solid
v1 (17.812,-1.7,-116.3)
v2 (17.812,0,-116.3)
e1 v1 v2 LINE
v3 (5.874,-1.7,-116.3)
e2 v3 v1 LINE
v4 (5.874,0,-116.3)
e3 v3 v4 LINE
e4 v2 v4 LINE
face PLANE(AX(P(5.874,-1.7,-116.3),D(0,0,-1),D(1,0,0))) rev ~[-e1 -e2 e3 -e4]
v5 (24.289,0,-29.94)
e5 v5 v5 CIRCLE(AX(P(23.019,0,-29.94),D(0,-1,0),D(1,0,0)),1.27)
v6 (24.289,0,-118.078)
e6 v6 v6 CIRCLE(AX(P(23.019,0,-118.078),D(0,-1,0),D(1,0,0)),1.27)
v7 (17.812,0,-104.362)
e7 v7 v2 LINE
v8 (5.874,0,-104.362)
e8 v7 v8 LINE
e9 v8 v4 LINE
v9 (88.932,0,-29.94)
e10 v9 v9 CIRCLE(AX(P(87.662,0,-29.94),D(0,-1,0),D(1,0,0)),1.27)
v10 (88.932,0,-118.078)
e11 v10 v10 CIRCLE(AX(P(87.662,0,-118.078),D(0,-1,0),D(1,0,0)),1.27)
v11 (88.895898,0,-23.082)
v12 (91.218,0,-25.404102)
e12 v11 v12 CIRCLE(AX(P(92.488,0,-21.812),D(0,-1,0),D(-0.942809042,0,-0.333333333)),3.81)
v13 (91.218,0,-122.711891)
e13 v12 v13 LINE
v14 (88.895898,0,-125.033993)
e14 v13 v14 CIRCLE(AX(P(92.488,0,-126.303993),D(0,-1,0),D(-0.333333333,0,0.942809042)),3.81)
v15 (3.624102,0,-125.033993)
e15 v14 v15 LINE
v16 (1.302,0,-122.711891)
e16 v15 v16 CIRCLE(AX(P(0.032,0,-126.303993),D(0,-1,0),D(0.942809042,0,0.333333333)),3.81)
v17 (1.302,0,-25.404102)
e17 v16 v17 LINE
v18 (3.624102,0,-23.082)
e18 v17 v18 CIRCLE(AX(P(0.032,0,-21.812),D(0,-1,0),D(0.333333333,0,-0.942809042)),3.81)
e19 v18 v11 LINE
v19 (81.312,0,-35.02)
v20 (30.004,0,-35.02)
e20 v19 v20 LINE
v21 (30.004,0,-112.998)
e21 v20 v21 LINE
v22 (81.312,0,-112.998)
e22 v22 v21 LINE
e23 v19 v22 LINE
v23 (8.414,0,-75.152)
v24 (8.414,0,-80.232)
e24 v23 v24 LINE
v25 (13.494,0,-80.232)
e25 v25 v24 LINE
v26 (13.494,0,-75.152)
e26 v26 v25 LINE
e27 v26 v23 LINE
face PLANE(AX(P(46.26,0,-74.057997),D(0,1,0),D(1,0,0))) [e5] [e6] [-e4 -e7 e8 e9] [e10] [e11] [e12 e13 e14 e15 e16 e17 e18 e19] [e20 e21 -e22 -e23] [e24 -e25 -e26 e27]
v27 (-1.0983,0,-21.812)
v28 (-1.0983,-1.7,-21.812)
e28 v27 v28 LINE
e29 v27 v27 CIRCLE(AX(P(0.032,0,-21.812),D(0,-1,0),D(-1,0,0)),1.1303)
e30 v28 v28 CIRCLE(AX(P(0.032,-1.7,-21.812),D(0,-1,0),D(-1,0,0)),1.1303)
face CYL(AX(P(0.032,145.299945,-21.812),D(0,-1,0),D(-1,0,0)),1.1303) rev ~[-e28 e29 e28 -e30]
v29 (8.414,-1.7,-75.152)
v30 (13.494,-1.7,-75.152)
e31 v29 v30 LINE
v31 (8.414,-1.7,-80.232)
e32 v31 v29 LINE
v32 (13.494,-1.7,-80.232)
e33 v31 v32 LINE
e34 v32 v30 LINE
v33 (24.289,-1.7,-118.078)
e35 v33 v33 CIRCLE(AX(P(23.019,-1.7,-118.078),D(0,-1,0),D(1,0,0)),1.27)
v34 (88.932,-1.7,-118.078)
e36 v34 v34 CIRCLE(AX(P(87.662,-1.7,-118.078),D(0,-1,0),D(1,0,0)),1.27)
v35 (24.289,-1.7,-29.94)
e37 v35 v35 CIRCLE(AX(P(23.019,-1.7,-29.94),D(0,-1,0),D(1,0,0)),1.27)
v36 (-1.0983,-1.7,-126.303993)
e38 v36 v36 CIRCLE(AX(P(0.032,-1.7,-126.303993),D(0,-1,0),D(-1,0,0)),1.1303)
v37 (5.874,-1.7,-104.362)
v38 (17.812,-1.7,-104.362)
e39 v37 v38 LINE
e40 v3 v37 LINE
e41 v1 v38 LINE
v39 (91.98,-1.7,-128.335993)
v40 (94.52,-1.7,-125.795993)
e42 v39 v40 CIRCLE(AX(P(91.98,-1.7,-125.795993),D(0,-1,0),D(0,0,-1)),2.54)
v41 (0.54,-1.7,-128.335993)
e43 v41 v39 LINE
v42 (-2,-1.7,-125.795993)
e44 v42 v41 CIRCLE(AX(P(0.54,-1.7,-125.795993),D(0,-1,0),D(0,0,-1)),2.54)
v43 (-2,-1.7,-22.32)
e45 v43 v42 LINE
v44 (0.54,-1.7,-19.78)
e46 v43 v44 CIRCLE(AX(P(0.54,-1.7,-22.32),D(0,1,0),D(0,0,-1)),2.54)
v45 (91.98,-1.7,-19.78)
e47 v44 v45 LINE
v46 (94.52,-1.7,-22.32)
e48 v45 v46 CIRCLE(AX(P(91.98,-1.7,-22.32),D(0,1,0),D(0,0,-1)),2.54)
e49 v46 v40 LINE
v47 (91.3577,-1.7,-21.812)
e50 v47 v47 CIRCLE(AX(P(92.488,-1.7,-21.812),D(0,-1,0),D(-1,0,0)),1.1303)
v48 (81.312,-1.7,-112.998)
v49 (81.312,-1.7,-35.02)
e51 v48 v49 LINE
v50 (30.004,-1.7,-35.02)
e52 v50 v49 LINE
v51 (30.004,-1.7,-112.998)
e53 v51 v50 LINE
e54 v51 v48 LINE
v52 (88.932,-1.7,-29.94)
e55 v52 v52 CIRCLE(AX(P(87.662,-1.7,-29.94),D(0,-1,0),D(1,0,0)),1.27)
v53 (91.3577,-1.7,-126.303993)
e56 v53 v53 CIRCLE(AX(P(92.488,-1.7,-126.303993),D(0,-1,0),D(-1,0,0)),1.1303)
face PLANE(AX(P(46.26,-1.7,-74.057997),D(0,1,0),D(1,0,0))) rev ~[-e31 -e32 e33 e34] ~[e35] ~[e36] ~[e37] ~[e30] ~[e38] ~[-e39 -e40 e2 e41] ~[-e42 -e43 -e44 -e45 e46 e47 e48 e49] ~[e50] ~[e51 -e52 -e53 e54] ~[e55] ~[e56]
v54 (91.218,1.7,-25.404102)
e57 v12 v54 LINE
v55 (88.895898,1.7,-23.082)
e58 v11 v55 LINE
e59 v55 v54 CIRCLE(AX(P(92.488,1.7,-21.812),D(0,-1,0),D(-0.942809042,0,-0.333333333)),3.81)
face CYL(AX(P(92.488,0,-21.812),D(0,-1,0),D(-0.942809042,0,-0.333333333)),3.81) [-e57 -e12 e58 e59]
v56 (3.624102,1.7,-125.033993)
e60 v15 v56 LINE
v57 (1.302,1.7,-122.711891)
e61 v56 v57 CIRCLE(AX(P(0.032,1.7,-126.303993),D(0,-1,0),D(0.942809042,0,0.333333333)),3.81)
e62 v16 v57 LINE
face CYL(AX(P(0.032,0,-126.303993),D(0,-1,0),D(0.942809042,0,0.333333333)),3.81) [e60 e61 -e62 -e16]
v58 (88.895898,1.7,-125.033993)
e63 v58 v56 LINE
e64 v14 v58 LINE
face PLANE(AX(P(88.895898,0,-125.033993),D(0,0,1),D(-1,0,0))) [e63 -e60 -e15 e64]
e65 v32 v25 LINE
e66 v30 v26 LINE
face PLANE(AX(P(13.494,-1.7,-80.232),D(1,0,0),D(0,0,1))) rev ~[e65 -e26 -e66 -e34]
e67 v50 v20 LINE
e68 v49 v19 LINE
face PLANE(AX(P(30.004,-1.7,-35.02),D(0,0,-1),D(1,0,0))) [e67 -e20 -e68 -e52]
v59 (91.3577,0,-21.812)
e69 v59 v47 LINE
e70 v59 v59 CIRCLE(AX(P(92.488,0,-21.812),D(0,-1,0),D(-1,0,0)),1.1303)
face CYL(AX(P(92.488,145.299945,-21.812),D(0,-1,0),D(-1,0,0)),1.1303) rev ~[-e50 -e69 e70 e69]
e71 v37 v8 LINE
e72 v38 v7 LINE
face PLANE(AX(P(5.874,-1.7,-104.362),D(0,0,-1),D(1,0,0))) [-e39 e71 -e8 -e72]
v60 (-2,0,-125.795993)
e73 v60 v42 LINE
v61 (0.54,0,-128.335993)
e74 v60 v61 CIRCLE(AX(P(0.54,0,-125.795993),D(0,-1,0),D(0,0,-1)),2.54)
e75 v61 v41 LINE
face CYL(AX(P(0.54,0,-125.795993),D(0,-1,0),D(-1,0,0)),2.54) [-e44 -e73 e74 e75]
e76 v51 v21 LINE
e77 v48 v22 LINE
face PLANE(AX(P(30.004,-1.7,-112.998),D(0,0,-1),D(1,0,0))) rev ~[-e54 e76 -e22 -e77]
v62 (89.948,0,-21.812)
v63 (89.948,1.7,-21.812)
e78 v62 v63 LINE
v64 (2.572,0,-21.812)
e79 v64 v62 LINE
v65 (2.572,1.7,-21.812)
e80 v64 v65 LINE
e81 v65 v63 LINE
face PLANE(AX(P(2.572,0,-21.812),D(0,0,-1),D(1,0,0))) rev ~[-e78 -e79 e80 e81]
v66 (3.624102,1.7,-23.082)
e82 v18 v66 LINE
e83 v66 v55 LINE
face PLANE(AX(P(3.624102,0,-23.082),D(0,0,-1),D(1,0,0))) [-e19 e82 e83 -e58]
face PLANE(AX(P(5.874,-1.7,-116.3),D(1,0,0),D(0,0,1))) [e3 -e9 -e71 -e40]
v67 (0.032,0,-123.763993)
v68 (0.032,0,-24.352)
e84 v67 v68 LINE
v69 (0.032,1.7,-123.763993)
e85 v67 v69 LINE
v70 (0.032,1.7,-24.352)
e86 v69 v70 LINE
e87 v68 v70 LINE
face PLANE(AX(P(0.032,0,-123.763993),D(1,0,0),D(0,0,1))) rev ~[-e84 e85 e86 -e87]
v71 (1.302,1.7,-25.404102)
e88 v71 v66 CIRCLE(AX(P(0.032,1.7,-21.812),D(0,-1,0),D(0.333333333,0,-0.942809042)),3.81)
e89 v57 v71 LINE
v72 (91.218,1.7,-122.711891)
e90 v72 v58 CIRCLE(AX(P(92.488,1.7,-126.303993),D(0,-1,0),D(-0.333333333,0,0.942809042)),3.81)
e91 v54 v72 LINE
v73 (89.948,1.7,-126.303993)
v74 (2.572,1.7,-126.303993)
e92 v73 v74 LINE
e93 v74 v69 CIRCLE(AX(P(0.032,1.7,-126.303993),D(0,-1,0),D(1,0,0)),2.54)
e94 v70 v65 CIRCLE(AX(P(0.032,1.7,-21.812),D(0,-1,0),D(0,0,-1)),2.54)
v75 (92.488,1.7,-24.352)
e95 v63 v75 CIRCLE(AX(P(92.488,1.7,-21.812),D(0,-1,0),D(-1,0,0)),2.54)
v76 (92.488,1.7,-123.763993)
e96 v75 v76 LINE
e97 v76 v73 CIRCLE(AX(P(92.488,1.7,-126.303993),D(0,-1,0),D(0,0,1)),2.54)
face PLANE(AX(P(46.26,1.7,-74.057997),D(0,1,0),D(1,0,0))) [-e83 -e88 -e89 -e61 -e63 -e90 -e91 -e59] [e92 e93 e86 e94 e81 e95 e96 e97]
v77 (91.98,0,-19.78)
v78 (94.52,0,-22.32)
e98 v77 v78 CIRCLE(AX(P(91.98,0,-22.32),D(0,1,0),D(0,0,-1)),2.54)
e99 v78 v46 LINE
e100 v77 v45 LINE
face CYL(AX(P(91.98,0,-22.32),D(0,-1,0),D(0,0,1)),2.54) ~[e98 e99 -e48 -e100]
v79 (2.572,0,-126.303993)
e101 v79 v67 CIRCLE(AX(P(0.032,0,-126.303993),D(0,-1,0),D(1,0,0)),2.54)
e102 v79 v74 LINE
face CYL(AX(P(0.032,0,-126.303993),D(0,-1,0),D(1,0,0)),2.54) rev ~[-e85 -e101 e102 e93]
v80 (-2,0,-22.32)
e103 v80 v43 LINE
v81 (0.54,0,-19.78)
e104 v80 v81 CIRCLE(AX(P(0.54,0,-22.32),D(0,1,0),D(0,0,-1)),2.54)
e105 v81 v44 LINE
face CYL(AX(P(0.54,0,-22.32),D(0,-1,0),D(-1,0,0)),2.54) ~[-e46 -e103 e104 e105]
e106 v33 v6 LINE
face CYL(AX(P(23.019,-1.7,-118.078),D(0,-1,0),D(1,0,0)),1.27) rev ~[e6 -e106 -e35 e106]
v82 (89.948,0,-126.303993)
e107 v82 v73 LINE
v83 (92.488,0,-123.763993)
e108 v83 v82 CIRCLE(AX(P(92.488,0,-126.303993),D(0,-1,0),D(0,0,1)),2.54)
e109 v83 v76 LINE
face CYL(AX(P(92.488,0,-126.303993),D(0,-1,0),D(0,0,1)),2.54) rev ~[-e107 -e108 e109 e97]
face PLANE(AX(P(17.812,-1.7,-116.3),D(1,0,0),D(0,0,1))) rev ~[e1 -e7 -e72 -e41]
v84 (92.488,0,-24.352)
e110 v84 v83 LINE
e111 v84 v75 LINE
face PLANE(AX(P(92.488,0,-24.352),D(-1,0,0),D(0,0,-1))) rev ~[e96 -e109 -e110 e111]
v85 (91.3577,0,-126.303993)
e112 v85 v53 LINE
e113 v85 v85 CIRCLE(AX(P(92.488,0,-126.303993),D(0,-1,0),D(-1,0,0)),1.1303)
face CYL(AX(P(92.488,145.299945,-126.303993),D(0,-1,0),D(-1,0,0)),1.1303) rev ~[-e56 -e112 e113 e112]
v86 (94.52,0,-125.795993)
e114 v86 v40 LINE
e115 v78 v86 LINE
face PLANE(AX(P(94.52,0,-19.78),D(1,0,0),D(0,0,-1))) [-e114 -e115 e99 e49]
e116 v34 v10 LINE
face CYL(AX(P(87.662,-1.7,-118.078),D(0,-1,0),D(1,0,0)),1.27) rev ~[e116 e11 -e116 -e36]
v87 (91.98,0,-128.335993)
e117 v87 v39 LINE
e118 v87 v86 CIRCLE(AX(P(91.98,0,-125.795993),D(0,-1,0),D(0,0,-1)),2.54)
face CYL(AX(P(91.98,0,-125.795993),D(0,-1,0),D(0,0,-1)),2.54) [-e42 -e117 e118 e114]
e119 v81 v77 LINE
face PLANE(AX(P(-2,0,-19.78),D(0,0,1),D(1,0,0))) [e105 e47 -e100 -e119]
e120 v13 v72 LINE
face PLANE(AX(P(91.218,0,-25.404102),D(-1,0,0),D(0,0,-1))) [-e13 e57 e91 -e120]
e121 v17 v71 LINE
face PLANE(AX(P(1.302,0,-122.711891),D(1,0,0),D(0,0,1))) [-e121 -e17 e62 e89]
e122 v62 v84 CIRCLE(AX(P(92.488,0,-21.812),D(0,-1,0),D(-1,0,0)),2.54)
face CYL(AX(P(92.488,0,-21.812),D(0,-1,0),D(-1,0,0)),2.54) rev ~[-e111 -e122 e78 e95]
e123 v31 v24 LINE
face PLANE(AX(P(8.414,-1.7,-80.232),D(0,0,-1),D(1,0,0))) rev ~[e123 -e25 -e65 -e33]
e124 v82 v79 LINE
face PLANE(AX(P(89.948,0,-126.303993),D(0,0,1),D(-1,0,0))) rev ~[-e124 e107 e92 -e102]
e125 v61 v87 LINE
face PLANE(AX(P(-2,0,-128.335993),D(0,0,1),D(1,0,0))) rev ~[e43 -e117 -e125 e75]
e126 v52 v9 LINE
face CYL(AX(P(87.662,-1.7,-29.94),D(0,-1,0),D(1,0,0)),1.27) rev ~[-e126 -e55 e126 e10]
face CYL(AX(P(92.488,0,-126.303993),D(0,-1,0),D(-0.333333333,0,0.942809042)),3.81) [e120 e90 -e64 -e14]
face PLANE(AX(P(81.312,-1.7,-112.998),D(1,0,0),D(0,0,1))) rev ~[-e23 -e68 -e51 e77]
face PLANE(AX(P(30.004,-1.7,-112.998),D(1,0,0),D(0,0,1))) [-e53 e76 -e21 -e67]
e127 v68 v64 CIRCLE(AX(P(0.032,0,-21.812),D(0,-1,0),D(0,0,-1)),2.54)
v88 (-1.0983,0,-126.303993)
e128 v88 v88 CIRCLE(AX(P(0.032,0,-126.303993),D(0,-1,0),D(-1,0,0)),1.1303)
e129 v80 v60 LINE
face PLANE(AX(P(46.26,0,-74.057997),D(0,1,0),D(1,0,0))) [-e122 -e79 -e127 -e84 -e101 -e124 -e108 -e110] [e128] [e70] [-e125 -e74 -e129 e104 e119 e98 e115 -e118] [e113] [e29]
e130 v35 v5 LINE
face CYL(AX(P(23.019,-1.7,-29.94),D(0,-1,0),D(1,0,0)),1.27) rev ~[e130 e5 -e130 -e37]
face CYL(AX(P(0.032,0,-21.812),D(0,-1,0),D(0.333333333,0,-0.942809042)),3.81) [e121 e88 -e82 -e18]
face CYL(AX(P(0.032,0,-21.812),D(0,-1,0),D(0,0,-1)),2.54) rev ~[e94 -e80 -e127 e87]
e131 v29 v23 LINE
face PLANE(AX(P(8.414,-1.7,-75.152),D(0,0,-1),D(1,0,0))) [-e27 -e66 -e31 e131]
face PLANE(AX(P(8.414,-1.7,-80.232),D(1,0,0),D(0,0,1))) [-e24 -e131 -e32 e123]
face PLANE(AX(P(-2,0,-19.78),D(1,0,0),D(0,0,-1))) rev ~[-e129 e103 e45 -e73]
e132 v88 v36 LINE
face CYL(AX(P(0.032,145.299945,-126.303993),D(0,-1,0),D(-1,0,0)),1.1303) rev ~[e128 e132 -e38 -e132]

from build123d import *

# Parameters (mm, degrees)
SKETCH20_W            = 96.52
SKETCH20_H            = 108.5559932
BOSS_EXTRUDE5_DEPTH   = 1.699999902
BOSS_EXTRUDE6_DEPTH   = 1.7
FILLET3_R             = 2.54
F_4_40_TAPPED_HOLE3_D = 2.2606
SKETCH28_W            = 51.308
SKETCH28_H            = 77.978
SKETCH28_W_2          = 11.938
SKETCH28_H_2          = 11.938
SKETCH28_W_3          = 5.08
SKETCH28_H_3          = 5.08
SKETCH28_R            = 1.27
CUT_EXTRUDE1_DEPTH    = 8.89


with BuildPart() as part:
    # Sketch20 → Boss-Extrude5 (new body)
    with BuildSketch(Plane(origin=(0, 0, 0), x_dir=(1, 0, 0), z_dir=(0, 1, 0))):
        with Locations((46.26, 74.0579966)):
            Rectangle(SKETCH20_W, SKETCH20_H)
    extrude(amount=-BOSS_EXTRUDE5_DEPTH)

    # Sketch20<3> → Boss-Extrude6 (add)
    with BuildSketch(Plane(origin=(0, 0, 0), x_dir=(1, 0, 0), z_dir=(0, 1, 0))):
        with BuildLine():
            Line((2.572, 21.812), (89.948, 21.812))
            ThreePointArc((89.948, 21.812), (90.691948776, 23.608051224), (92.488, 24.352))
            Line((92.488, 24.352), (92.488, 123.7639932))
            ThreePointArc((92.488, 123.7639932), (90.691948776, 124.507941976), (89.948, 126.3039932))
            Line((89.948, 126.3039932), (2.572, 126.3039932))
            ThreePointArc((2.572, 126.3039932), (1.828051224, 124.507941976), (0.032, 123.7639932))
            Line((0.032, 123.7639932), (0.032, 24.352))
            ThreePointArc((0.032, 24.352), (1.828051224, 23.608051224), (2.572, 21.812))
        make_face()
        with BuildLine():
            Line((3.624102448, 23.082), (88.895897552, 23.082))
            ThreePointArc((88.895897552, 23.082), (89.793923164, 24.506076836), (91.218, 25.404102448))
            Line((91.218, 25.404102448), (91.218, 122.711890752))
            ThreePointArc((91.218, 122.711890752), (89.793923164, 123.609916364), (88.895897552, 125.0339932))
            Line((88.895897552, 125.0339932), (3.624102448, 125.0339932))
            ThreePointArc((3.624102448, 125.0339932), (2.726076836, 123.609916364), (1.302, 122.711890752))
            Line((1.302, 122.711890752), (1.302, 25.404102448))
            ThreePointArc((1.302, 25.404102448), (2.726076836, 24.506076836), (3.624102448, 23.082))
        make_face(mode=Mode.SUBTRACT)
    extrude(amount=BOSS_EXTRUDE6_DEPTH)

    # Fillet3
    fillet3_edges = [part.edges().sort_by_distance(p)[0] for p in [
        (-2, -0.849999951, -19.78),
        (-2, -0.849999951, -128.3359932),
        (94.52, -0.849999951, -128.3359932),
        (94.52, -0.849999951, -19.78),
    ]]
    fillet(fillet3_edges, radius=FILLET3_R)

    # #4-40 Tapped Hole3 (through all)
    with Locations(Plane(origin=(0, 0, 0), x_dir=(1, 0, 0), z_dir=(0, 1, 0))):
        with Locations((0.032, 21.812), (92.488, 21.812), (92.488, 126.3039932), (0.032, 126.3039932)):
            Hole(F_4_40_TAPPED_HOLE3_D / 2)

    # Sketch28 → Cut-Extrude1 (cut)
    with BuildSketch(Plane.XZ.offset(1.699999902)):
        with Locations((55.658, -74.009)):
            Rectangle(SKETCH28_W, SKETCH28_H)
        with Locations((11.843, -110.331)):
            Rectangle(SKETCH28_W_2, SKETCH28_H_2)
        with Locations((10.954, -77.692)):
            Rectangle(SKETCH28_W_3, SKETCH28_H_3)
        with Locations((87.662, -29.94)):
            Circle(SKETCH28_R)
        with Locations((87.662, -118.078)):
            Circle(SKETCH28_R)
        with Locations((23.019, -29.94)):
            Circle(SKETCH28_R)
        with Locations((23.019, -118.078)):
            Circle(SKETCH28_R)
    extrude(amount=-CUT_EXTRUDE1_DEPTH, mode=Mode.SUBTRACT)


solid = part.part
